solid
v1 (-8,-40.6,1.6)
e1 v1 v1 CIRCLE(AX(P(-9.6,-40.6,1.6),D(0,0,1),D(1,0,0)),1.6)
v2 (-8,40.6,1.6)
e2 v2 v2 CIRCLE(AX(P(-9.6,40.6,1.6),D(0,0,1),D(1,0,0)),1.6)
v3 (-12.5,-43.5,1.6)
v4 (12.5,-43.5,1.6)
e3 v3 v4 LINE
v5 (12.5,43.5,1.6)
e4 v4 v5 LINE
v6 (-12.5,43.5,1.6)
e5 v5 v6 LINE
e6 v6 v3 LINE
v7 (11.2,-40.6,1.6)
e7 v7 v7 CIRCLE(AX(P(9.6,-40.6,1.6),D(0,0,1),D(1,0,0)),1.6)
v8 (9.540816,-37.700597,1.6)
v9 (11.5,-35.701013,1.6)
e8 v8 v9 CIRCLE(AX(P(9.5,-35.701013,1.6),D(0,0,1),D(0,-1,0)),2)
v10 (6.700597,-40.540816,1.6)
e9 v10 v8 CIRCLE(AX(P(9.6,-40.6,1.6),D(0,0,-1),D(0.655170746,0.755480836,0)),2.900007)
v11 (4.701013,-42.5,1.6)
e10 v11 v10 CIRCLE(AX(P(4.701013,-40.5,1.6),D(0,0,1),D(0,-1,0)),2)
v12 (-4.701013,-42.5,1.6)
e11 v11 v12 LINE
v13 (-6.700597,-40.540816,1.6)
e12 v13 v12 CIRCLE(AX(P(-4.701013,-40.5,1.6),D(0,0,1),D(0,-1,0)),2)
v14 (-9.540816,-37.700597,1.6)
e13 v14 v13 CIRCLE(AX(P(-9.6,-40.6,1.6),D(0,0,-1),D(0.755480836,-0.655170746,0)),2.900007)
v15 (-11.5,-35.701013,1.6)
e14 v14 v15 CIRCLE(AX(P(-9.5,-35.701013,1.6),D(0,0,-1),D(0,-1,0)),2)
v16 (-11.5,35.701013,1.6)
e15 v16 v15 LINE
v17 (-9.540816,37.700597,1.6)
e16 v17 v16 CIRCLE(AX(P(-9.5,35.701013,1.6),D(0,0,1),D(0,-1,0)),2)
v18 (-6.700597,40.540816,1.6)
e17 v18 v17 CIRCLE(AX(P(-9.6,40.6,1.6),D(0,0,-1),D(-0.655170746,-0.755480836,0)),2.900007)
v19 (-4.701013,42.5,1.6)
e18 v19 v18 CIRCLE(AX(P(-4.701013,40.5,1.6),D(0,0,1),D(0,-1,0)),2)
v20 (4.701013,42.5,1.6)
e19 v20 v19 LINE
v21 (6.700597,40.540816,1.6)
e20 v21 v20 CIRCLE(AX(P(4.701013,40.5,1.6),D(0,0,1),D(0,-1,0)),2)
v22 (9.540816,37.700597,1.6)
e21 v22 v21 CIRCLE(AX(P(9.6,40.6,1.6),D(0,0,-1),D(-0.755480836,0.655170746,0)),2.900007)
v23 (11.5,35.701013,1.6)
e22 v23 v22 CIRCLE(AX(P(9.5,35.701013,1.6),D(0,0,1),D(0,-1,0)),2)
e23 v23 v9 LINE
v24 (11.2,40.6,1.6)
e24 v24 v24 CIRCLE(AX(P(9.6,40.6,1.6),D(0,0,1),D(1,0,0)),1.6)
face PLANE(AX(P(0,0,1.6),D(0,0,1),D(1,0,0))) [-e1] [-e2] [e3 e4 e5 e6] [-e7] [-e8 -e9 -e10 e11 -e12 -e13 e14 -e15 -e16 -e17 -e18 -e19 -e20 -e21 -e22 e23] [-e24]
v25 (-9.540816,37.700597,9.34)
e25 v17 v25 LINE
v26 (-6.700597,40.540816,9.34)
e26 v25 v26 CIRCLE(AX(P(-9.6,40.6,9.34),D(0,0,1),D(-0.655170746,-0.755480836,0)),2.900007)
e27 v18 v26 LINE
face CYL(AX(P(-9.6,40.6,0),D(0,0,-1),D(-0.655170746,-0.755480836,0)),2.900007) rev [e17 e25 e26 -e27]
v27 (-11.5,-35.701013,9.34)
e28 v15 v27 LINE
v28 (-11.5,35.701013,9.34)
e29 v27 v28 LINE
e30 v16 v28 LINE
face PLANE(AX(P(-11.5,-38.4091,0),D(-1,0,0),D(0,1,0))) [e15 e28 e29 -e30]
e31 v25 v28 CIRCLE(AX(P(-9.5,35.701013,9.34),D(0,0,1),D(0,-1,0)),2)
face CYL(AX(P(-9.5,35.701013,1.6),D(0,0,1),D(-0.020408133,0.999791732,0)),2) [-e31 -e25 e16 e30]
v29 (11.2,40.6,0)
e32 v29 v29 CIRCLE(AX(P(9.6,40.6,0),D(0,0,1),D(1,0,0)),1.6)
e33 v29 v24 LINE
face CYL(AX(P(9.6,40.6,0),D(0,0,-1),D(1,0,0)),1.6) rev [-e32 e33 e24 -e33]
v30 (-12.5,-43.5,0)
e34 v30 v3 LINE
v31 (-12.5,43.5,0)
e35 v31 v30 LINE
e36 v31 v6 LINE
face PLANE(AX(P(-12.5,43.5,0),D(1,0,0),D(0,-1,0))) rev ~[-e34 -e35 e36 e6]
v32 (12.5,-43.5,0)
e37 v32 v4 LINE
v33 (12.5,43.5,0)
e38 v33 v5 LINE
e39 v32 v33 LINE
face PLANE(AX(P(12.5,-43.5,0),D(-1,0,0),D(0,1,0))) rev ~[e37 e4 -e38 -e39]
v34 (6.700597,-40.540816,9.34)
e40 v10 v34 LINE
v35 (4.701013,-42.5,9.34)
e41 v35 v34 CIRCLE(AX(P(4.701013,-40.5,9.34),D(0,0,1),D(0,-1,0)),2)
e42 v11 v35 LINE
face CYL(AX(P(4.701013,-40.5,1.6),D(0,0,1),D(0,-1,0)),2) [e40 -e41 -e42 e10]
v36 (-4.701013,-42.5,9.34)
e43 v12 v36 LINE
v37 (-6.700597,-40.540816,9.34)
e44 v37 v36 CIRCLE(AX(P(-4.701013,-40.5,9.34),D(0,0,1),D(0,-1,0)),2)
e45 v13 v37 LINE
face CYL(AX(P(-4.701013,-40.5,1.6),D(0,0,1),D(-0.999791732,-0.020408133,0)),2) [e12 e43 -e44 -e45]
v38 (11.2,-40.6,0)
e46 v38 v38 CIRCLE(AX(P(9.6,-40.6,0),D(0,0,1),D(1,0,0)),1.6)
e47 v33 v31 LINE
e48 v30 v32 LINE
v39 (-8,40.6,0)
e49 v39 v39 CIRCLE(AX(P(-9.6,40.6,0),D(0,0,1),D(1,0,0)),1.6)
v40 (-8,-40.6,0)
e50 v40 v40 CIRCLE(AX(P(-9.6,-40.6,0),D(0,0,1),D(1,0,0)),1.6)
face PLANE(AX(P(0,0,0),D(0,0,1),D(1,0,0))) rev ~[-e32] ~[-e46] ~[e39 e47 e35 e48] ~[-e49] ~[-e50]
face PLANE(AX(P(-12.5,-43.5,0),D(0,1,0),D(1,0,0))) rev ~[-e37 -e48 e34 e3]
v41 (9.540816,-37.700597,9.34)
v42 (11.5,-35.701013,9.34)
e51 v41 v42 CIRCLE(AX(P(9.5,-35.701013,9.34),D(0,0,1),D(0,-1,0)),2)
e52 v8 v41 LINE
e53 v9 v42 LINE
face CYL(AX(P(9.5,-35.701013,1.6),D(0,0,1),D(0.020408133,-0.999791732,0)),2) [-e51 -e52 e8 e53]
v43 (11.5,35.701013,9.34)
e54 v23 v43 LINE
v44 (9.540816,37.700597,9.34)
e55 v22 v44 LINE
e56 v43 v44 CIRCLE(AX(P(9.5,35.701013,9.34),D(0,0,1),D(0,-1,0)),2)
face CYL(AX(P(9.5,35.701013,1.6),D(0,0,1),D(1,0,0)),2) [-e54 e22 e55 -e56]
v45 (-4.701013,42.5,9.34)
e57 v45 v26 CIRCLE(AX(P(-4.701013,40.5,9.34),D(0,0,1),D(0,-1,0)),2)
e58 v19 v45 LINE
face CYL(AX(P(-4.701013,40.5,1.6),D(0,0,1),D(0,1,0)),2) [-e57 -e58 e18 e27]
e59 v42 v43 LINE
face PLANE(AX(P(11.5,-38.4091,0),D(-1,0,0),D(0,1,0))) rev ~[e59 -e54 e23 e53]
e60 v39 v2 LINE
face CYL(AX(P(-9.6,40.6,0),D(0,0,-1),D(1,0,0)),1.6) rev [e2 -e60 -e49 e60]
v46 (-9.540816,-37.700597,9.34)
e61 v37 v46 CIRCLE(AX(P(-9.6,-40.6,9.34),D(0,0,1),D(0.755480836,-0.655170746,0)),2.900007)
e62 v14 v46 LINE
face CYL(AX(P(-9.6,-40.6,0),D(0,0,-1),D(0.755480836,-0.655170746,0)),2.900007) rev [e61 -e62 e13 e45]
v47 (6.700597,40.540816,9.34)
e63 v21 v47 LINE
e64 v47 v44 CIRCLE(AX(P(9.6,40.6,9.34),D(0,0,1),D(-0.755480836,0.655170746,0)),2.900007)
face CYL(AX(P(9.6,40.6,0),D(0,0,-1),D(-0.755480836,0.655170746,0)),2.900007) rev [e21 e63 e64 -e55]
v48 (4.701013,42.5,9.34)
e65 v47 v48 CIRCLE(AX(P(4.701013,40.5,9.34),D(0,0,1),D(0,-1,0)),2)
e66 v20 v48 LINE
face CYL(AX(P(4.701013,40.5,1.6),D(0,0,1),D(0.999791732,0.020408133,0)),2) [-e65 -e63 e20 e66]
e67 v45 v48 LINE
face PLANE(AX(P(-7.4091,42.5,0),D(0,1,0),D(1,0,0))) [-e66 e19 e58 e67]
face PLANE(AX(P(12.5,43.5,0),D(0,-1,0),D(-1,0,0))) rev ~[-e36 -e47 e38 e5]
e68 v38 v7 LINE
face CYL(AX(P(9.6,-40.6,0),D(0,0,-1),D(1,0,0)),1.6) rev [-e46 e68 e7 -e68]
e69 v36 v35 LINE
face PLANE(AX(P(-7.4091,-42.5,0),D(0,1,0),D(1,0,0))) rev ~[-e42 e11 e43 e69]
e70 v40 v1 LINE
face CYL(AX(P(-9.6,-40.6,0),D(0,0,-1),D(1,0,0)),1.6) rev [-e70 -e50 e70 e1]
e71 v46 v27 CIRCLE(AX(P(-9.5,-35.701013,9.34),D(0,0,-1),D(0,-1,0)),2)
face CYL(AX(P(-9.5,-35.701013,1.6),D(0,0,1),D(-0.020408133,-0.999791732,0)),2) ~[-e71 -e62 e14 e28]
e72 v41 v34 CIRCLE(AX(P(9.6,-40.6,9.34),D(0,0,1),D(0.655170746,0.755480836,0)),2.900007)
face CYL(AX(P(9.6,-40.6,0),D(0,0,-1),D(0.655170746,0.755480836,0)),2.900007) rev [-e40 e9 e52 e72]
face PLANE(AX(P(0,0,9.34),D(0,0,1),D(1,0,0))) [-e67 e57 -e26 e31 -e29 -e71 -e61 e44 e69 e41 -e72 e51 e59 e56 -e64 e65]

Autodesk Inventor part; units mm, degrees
ref_plane "YZ Plane" through (0, 0, 0) normal (1, 0, 0) x (0, 1, 0)
ref_plane "XZ Plane" through (0, 0, 0) normal (0, 1, 0) x (-1, 0, 0)
ref_plane "XY Plane" through (0, 0, 0) normal (0, 0, 1) x (1, 0, 0)
sketch "スケッチ1" plane through (0, 0, 0) normal (0, 0, 1) x (1, 0, 0)
  line L0 (-12.5, -43.5) -> (12.5, -43.5)
  line L1 (12.5, -43.5) -> (12.5, 43.5)
  line L2 (12.5, 43.5) -> (-12.5, 43.5)
  line L3 (-12.5, 43.5) -> (-12.5, -43.5)
  line L4 (-12.5, -43.5) -> (12.5, 43.5) construction
  line L5 (12.5, -43.5) -> (-12.5, 43.5) construction
  line L6 (9.6, -40.6) -> (-9.6, -40.6) construction
  line L7 (-9.6, -40.6) -> (-9.6, 40.6) construction
  line L8 (-9.6, 40.6) -> (9.6, 40.6) construction
  line L9 (9.6, 40.6) -> (9.6, -40.6) construction
  line L10 (9.6, -40.6) -> (-9.6, 40.6) construction
  line L11 (-9.6, -40.6) -> (9.6, 40.6) construction
  circle A0 centre (-9.6, -40.6) radius 1.6
  circle A1 centre (-9.6, 40.6) radius 1.6
  circle A2 centre (9.6, 40.6) radius 1.6
  circle A3 centre (9.6, -40.6) radius 1.6
  arc A4 (-7.4091, -42.5) -> (-11.5, -38.4091) centre (-9.6, -40.6) ccw
  line L12 (-7.4091, -42.5) -> (7.4091, -42.5)
  line L13 (0, -43.5) -> (0, 43.5) construction
  line L14 (-12.5, 0) -> (12.5, 0) construction
  arc A5 (11.5, -38.4091) -> (7.4091, -42.5) centre (9.6, -40.6) ccw
  arc A6 (-11.5, 38.4091) -> (-7.4091, 42.5) centre (-9.6, 40.6) ccw
  line L15 (-7.4091, 42.5) -> (7.4091, 42.5)
  arc A7 (7.4091, 42.5) -> (11.5, 38.4091) centre (9.6, 40.6) ccw
  line L16 (-11.5, -38.4091) -> (-11.5, 38.4091)
  line L17 (11.5, -38.4091) -> (11.5, 38.4091)
  point P0 (0, 0)
  dimension "d0" = 25
  dimension "d1" = 87
  dimension "d2" = 19.2
  dimension "d3" = 81.2
  dimension "d4" = 3.2
  dimension "d5" = 1
  dimension "d6" = 1
extrude "押し出し1" add sketch "スケッチ1" along normal blind 1.6 contours L3 L2 L1 L0 | A4 L16 A6 L15 A7 L17 A5 L12
extrude "押し出し2" add sketch "スケッチ1" along normal blind 9.34 contours A4 L16 A6 L15 A7 L17 A5 L12
fillet "フィレット1" radius 2 8 edges at (11.5, -38.4091, 5.47) (7.4091, -42.5, 5.47) (-7.4091, -42.5, 5.47) (-11.5, -38.4091, 5.47) (11.5, 38.4091, 5.47) (7.4091, 42.5, 5.47) (-7.4091, 42.5, 5.47) (-11.5, 38.4091, 5.47)
equation "\"d6\" = d5"
properties part number "IMU-Measurement-and-Transmission-Module"
